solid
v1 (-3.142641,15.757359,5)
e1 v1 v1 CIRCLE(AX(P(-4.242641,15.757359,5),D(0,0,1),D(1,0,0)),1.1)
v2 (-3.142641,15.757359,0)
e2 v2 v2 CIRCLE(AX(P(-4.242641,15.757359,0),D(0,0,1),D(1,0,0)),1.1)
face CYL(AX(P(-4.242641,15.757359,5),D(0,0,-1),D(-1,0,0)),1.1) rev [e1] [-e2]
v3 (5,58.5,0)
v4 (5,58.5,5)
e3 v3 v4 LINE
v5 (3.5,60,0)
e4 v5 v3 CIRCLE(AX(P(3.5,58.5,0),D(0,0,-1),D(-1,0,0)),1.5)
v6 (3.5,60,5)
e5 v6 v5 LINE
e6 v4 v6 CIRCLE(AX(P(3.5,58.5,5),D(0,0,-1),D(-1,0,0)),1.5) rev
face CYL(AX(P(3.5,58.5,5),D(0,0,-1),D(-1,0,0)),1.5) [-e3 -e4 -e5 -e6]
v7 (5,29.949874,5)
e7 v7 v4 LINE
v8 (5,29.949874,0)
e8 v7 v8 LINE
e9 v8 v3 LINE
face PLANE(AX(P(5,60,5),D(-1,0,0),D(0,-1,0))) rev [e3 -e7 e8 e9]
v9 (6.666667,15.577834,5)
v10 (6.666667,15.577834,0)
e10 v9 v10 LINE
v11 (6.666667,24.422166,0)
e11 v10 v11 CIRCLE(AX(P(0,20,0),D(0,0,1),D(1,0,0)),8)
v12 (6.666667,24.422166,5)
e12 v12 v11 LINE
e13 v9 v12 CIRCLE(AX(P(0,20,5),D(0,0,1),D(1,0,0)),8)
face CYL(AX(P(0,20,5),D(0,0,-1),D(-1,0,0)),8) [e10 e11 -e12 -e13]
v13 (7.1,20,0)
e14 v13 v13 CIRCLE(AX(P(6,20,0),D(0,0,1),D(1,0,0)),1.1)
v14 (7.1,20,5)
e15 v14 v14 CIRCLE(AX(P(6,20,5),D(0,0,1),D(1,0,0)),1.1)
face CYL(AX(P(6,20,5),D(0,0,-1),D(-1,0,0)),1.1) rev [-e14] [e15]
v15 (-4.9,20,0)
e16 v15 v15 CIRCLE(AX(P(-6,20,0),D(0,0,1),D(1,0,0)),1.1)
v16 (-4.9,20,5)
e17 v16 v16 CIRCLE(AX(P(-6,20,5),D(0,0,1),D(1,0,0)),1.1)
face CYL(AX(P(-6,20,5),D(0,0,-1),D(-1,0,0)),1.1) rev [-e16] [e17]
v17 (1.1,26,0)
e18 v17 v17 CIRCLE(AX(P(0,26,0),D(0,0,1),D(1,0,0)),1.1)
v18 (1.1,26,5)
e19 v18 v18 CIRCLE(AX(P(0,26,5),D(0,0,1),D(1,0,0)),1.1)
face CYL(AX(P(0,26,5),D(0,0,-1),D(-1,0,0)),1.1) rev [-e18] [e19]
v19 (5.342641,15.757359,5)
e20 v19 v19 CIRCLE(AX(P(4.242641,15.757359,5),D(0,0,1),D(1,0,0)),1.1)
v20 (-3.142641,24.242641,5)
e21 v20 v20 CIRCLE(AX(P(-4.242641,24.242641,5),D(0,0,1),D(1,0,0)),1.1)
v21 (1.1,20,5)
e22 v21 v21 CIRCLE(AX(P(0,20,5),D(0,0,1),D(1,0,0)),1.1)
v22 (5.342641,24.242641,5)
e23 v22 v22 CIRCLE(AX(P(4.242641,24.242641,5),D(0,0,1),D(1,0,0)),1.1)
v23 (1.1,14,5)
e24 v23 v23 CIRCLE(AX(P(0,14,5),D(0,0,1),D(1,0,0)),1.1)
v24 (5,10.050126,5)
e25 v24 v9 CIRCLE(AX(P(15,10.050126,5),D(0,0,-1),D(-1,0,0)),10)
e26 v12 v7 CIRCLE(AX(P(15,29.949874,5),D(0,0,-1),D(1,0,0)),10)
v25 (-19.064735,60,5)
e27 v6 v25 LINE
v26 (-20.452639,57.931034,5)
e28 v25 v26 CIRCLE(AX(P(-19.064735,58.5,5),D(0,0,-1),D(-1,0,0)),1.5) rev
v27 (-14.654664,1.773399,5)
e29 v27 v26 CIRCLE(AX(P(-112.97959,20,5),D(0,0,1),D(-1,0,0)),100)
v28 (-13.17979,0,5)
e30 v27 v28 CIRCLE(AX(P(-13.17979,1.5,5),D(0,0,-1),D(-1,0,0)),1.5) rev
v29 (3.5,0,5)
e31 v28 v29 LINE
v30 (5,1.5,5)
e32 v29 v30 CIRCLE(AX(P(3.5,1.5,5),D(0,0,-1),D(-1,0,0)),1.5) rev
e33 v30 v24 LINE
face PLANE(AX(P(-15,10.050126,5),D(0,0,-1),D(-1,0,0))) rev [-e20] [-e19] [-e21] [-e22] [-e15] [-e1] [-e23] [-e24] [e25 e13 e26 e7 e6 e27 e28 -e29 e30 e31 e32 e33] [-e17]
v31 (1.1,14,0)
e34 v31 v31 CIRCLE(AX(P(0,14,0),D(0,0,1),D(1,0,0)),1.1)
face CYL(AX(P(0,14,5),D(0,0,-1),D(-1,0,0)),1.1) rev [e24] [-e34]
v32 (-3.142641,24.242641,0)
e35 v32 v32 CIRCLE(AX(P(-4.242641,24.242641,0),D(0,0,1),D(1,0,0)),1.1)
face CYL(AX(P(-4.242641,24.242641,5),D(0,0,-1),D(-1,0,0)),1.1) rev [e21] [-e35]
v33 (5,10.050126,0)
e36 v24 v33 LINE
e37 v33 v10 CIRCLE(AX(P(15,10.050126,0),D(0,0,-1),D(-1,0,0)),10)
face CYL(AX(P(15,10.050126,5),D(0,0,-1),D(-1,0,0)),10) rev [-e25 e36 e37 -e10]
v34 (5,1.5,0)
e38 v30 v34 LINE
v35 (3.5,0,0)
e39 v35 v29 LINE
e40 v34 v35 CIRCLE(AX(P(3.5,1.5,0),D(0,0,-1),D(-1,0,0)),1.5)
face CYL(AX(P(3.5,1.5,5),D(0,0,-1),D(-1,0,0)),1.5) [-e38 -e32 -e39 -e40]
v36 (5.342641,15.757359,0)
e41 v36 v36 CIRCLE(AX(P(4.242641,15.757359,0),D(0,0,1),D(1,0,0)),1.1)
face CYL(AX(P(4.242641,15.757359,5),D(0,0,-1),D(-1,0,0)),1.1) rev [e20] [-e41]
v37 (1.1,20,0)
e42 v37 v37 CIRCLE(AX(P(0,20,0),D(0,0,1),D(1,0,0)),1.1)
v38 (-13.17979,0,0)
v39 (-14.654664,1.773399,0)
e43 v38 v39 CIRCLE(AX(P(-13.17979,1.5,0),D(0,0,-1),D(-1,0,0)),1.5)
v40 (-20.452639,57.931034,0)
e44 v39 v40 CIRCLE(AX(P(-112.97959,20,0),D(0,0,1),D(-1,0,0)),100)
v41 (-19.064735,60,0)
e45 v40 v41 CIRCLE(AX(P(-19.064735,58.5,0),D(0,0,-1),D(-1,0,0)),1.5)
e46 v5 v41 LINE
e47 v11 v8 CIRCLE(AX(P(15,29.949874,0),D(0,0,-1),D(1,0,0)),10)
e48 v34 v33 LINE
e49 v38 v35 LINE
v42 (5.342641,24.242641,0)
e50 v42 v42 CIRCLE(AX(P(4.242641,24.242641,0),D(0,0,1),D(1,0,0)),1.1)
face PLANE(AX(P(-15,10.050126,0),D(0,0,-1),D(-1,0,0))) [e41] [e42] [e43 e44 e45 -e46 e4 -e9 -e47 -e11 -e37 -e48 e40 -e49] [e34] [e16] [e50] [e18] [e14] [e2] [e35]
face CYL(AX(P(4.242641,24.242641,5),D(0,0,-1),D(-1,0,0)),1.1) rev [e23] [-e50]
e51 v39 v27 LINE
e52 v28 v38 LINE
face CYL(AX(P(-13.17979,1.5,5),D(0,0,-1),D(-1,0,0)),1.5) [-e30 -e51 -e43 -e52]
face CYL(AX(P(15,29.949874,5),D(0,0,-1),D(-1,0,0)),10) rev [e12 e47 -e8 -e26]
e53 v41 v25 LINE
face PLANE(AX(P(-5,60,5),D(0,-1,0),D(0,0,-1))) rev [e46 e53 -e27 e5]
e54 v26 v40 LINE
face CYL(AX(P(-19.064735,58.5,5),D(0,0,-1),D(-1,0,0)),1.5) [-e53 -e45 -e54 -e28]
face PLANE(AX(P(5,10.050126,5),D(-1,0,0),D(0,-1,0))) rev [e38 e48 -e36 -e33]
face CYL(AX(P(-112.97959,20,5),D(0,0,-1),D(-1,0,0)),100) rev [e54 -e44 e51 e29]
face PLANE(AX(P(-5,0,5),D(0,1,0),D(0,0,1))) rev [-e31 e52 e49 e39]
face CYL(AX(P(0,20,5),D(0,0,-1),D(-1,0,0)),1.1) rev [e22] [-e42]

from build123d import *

# Parameters (mm, degrees)
SKETCH_1_R      = 1.1
EXTRUDE_1_DEPTH = 5
EXTRUDE_2_DEPTH = 5
FILLET_1_R      = 1.5


with BuildPart() as part:
    # ｽｹｯﾁ1 → ﾎﾞｽ - 押し出し1 (new body)
    with BuildSketch(Plane.XY):
        with BuildLine():
            Line((-5, 60), (5, 60))
            Line((5, 60), (5, 29.949874371))
            ThreePointArc((5, 29.949874371), (5.425728922, 27.063123025), (6.666666667, 24.422166387))
            ThreePointArc((6.666666667, 24.422166387), (8, 20), (6.666666667, 15.577833613))
            ThreePointArc((6.666666667, 15.577833613), (5.425728922, 12.936876975), (5, 10.050125629))
            Line((5, 10.050125629), (5, 0))
            Line((5, 0), (-5, 0))
            Line((-5, 0), (-5, 10.050125629))
            ThreePointArc((-5, 10.050125629), (-5.425728922, 12.936876975), (-6.666666667, 15.577833613))
            ThreePointArc((-6.666666667, 15.577833613), (-8, 20), (-6.666666667, 24.422166387))
            ThreePointArc((-6.666666667, 24.422166387), (-5.425728922, 27.063123025), (-5, 29.949874371))
            Line((-5, 29.949874371), (-5, 60))
        make_face()
        with Locations((0, 20)):
            Circle(SKETCH_1_R, mode=Mode.SUBTRACT)
        with Locations((0, 14)):
            Circle(SKETCH_1_R, mode=Mode.SUBTRACT)
        with Locations((-4.242640687, 15.757359313)):
            Circle(SKETCH_1_R, mode=Mode.SUBTRACT)
        with Locations((-6, 20)):
            Circle(SKETCH_1_R, mode=Mode.SUBTRACT)
        with Locations((-4.242640687, 24.242640687)):
            Circle(SKETCH_1_R, mode=Mode.SUBTRACT)
        with Locations((0, 26)):
            Circle(SKETCH_1_R, mode=Mode.SUBTRACT)
        with Locations((4.242640687, 24.242640687)):
            Circle(SKETCH_1_R, mode=Mode.SUBTRACT)
        with Locations((6, 20)):
            Circle(SKETCH_1_R, mode=Mode.SUBTRACT)
        with Locations((4.242640687, 15.757359313)):
            Circle(SKETCH_1_R, mode=Mode.SUBTRACT)
    extrude(amount=EXTRUDE_1_DEPTH)

    # ｽｹｯﾁ2 → ﾎﾞｽ - 押し出し2 (add)
    with BuildSketch(Plane(origin=(0, 0, 0), x_dir=(-1, 0, 0), z_dir=(0, 0, -1))):
        with BuildLine():
            Line((5, 10.050125629), (5, 0))
            Line((5, 0), (15, 0))
            ThreePointArc((15, 0), (13.531166576, 30.48861935), (21.328075812, 60))
            Line((21.328075812, 60), (5, 60))
            Line((5, 60), (5, 29.949874371))
            ThreePointArc((5, 29.949874371), (5.425728922, 27.063123025), (6.666666667, 24.422166387))
            ThreePointArc((6.666666667, 24.422166387), (8, 20), (6.666666667, 15.577833613))
            ThreePointArc((6.666666667, 15.577833613), (5.425728922, 12.936876975), (5, 10.050125629))
        make_face()
    extrude(amount=-EXTRUDE_2_DEPTH)

    # ﾌｨﾚｯﾄ1
    fillet_1_edges = [part.edges().sort_by_distance(p)[0] for p in [
        (5, 0, 2.5),
        (5, 60, 2.5),
        (-21.328075812, 60, 2.5),
        (-15, 0, 2.5),
    ]]
    fillet(fillet_1_edges, radius=FILLET_1_R)


solid = part.part
